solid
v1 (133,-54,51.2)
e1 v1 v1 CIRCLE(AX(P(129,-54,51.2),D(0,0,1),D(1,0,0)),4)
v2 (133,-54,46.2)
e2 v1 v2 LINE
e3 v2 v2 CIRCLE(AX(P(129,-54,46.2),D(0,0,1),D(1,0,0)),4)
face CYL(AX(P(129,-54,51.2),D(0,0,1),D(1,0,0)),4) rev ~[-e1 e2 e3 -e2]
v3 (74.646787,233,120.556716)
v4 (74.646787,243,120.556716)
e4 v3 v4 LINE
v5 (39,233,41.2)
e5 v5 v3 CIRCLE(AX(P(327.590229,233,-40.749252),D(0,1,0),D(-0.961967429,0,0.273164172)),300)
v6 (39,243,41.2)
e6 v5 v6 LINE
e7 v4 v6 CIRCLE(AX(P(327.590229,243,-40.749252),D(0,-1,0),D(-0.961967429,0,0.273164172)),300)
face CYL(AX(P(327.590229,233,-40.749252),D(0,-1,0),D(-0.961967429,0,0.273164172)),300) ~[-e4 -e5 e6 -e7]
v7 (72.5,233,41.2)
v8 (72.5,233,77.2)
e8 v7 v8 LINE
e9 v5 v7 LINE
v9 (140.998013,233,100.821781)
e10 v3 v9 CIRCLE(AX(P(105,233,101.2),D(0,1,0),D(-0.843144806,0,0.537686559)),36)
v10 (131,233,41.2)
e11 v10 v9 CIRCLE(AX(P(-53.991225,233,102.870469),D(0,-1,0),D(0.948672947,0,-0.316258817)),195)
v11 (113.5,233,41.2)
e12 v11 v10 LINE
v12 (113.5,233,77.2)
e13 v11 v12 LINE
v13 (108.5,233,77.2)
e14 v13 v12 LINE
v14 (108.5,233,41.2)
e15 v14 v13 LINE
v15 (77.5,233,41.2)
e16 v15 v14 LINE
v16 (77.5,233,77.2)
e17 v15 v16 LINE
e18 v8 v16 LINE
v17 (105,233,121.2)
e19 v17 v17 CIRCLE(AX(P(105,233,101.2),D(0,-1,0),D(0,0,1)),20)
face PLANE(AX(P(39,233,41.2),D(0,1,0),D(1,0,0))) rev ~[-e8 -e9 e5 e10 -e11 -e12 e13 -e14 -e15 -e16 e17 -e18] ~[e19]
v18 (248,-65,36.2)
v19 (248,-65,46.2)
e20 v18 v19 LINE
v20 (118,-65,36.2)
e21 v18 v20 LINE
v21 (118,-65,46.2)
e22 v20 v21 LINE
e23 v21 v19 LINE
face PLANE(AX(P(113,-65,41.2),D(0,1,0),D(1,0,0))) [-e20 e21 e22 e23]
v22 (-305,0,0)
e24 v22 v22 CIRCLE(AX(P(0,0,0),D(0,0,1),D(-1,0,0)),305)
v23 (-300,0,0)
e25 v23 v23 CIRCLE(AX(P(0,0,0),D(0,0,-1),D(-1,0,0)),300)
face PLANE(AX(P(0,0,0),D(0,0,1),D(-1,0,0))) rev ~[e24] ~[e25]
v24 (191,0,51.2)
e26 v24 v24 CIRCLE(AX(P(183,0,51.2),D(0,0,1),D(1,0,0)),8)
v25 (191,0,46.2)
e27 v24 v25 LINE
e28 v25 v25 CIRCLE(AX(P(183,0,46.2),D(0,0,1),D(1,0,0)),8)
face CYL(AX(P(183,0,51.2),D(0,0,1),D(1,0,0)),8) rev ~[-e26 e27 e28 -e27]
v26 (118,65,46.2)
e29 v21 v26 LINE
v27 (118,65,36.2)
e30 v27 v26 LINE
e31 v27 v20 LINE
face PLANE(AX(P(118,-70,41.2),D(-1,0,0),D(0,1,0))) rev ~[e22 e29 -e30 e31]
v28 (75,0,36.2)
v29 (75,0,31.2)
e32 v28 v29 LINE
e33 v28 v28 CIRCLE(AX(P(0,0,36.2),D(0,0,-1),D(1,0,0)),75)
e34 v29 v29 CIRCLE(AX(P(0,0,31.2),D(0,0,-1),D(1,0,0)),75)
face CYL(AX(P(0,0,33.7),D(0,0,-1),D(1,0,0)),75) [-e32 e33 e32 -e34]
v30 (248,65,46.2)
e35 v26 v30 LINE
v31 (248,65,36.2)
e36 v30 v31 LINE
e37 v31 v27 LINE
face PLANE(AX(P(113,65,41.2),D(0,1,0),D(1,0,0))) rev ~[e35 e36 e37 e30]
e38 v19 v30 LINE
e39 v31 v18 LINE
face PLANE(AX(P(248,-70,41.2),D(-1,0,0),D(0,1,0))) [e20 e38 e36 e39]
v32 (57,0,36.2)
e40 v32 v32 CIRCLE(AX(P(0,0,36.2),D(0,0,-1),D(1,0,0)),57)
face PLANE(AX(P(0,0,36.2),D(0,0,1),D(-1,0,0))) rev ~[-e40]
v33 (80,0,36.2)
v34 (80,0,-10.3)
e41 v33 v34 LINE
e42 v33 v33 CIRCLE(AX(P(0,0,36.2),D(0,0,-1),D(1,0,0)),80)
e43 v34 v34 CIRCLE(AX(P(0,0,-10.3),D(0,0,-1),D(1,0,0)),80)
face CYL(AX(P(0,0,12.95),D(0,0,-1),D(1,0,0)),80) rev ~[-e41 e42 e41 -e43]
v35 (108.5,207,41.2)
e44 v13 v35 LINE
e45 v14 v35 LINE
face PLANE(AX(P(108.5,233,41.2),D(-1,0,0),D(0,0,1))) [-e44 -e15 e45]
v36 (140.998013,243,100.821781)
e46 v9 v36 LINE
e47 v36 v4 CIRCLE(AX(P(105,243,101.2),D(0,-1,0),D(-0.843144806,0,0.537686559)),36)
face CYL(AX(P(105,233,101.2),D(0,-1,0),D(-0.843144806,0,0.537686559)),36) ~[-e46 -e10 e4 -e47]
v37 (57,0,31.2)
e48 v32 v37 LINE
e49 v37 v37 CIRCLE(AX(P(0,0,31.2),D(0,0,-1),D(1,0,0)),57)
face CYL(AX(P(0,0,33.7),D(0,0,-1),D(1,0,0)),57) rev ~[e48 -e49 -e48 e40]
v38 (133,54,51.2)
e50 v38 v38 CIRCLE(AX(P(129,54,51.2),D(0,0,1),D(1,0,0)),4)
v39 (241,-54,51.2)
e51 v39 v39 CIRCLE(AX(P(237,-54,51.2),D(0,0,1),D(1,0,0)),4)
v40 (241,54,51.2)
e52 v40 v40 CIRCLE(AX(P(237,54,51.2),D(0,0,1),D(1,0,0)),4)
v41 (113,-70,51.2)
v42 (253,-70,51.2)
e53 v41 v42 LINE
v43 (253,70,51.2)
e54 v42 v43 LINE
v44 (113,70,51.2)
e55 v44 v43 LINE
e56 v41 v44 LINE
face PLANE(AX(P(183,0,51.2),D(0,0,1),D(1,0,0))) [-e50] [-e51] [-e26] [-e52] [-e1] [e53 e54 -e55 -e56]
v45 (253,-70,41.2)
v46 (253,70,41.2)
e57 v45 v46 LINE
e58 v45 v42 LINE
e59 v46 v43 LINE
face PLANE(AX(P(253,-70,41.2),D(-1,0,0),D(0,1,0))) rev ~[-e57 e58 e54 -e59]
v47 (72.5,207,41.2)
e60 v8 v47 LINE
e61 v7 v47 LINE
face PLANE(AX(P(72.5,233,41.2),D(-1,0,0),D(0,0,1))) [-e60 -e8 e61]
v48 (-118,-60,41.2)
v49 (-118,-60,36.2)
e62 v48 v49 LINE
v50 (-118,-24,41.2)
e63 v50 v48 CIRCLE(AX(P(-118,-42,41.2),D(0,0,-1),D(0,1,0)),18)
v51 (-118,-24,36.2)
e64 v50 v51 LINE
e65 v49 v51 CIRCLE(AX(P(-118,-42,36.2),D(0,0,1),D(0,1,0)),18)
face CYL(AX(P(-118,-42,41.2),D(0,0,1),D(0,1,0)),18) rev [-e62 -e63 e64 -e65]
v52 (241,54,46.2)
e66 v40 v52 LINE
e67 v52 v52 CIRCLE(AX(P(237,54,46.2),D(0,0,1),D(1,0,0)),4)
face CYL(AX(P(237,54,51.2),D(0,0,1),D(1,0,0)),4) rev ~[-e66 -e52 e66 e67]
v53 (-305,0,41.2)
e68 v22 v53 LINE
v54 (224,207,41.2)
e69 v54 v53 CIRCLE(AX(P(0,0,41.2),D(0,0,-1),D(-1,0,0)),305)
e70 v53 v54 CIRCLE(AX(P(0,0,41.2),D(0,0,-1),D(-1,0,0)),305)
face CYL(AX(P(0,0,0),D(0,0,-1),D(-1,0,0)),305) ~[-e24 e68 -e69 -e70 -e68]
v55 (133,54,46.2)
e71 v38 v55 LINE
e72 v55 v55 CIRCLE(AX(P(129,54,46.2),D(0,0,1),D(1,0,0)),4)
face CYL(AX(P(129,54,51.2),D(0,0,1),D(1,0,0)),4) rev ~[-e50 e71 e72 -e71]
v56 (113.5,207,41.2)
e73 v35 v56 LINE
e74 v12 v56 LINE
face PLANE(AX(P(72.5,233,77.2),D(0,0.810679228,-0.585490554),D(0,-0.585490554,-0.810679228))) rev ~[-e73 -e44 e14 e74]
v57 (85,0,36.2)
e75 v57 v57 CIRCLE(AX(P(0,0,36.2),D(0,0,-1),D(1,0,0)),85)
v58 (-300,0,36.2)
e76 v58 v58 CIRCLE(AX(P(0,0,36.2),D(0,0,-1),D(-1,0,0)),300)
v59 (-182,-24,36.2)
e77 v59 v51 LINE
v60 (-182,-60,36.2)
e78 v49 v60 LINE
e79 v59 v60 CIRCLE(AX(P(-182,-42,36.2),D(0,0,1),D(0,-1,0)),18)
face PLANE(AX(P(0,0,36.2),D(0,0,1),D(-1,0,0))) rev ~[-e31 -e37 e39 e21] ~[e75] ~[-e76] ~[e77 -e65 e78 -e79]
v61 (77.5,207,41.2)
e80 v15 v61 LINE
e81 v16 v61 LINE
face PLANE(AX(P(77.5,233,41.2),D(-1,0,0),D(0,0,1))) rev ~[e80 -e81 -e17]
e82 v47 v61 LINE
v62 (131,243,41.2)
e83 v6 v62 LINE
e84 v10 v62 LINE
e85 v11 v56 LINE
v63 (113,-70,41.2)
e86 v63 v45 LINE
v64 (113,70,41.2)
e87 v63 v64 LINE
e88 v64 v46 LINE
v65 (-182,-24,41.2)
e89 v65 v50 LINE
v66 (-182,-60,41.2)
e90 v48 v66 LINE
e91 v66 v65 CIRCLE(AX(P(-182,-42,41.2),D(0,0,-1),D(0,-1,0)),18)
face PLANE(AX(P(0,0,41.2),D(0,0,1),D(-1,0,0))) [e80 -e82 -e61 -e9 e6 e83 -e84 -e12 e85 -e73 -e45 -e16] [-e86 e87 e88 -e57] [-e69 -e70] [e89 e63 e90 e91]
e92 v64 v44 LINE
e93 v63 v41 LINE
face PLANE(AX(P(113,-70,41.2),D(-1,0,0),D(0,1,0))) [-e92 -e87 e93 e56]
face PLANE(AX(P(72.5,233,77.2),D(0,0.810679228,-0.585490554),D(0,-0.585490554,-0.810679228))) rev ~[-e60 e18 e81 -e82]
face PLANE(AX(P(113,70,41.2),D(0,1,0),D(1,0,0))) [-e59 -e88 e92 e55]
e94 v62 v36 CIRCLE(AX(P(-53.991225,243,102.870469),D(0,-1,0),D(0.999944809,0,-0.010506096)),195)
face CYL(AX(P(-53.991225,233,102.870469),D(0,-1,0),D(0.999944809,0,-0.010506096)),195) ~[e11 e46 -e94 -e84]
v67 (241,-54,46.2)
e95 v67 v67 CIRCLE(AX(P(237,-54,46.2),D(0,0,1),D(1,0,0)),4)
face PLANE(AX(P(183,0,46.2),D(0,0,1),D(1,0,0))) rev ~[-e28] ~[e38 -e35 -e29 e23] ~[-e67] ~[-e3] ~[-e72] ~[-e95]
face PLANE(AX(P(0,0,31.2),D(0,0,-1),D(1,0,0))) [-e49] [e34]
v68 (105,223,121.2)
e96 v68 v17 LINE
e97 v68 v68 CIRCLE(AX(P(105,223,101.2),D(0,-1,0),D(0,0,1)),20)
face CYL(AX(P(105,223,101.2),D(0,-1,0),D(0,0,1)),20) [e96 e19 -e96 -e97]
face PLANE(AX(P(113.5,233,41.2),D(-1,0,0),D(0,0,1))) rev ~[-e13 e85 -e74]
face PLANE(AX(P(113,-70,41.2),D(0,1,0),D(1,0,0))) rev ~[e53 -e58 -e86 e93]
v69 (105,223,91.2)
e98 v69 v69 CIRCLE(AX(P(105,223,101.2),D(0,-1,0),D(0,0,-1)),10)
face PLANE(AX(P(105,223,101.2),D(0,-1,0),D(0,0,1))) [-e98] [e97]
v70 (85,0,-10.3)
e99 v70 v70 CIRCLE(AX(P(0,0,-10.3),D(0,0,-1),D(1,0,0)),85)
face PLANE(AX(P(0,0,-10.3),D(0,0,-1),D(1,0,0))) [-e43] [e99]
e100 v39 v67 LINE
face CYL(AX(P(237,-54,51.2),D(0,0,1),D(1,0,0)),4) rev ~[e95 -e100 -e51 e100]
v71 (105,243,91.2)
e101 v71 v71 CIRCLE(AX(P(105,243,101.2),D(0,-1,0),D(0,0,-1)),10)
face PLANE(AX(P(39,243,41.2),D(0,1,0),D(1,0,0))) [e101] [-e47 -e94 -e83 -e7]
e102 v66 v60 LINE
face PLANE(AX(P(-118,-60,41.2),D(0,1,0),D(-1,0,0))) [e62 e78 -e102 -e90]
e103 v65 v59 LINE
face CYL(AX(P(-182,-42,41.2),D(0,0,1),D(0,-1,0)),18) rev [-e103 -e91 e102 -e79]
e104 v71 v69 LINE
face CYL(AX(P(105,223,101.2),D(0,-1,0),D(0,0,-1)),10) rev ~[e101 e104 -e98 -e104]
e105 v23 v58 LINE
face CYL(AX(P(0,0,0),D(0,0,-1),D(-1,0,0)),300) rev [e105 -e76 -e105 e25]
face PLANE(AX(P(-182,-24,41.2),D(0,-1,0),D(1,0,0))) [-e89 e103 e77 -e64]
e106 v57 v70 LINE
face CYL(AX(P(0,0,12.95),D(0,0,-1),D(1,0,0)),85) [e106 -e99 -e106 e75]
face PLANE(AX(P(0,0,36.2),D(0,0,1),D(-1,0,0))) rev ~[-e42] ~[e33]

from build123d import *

# Parameters (mm, degrees)
SKETCH_1_R          = 305
EXTRUDE_1_DEPTH     = 41.2
SKETCH_2_W          = 140
SKETCH_2_H          = 140
EXTRUDE_2_DEPTH     = 10
SHELL_1_T           = -5
CUT_EXTRUDE_1_DEPTH = 10
SKETCH_4_W          = 120
SKETCH_4_H          = 10
EXTRUDE_3_DEPTH     = 150
CUT_EXTRUDE_2_DEPTH = 648.322516216
SKETCH_7_R          = 10
CUT_EXTRUDE_3_DEPTH = 150
EXTRUDE_START       = 10
SKETCH_8_R          = 20
SKETCH_8_R_2        = 10
EXTRUDE_4_DEPTH     = 10
SKETCH_9_W          = 5
SKETCH_9_H          = 36
EXTRUDE_5_DEPTH     = 26
CUT_EXTRUDE_4_DEPTH = 505.336286618
SKETCH_11_W         = 18
SKETCH_11_H         = 5
SKETCH_11_W_2       = 5
SKETCH_11_H_2       = 46.5
SKETCH_12_R         = 4
SKETCH_12_R_2       = 8
CUT_EXTRUDE_5_DEPTH = 26


with BuildPart() as part:
    # 草图1 → 凸台-拉伸1 (new body)
    with BuildSketch(Plane.XY):
        with Locations(Location((0, 0, 0), (0, 0, 180))):
            Circle(SKETCH_1_R)
    extrude(amount=EXTRUDE_1_DEPTH)

    # 草图2 → 凸台-拉伸2 (add)
    with BuildSketch(Plane.XY.offset(41.2)):
        with Locations((183, 0)):
            Rectangle(SKETCH_2_W, SKETCH_2_H)
    extrude(amount=EXTRUDE_2_DEPTH)

    # 抽壳1
    shell_1_openings = [part.faces().sort_by_distance(p)[0] for p in [
        (0, 0, 0),
    ]]
    offset(amount=SHELL_1_T, openings=shell_1_openings, kind=Kind.INTERSECTION)

    # 草图3 → 切除-拉伸1 (cut)
    with BuildSketch(Plane.XY.offset(41.2)):
        with BuildLine():
            Line((-182, -24), (-118, -24))
            ThreePointArc((-118, -24), (-100, -42), (-118, -60))
            Line((-118, -60), (-182, -60))
            ThreePointArc((-182, -60), (-200, -42), (-182, -24))
        make_face()
    extrude(amount=-CUT_EXTRUDE_1_DEPTH, mode=Mode.SUBTRACT)

    # 草图4 → 凸台-拉伸3 (add)
    with BuildSketch(Plane.XY.offset(41.2)):
        with Locations((99, 238)):
            Rectangle(SKETCH_4_W, SKETCH_4_H)
    extrude(amount=EXTRUDE_3_DEPTH)

    # 草图6 → 切除-拉伸2 (cut, through all)
    with BuildSketch(Plane.XZ.offset(-233)):
        with BuildLine():
            Line((39, 191.2), (39, 41.2))
            ThreePointArc((39, 41.2), (53.931588882, 82.177347592), (74.646786984, 120.556716136))
            ThreePointArc((74.646786984, 120.556716136), (115.26317996, 135.706044936), (140.99801314, 100.821780537))
            ThreePointArc((140.99801314, 100.821780537), (138.32356193, 70.621084147), (131, 41.2))
            Line((131, 41.2), (159, 41.2))
            Line((159, 41.2), (159, 191.2))
            Line((159, 191.2), (39, 191.2))
        make_face()
    extrude(amount=-CUT_EXTRUDE_2_DEPTH, mode=Mode.SUBTRACT)

    # 草图7 → 切除-拉伸3 (cut)
    with BuildSketch(Plane.XZ.offset(-233)):
        with Locations(Location((105, 101.2, 0), (0, 0, 270))):
            Circle(SKETCH_7_R)
    extrude(amount=-CUT_EXTRUDE_3_DEPTH, mode=Mode.SUBTRACT)

    # 草图8 → 凸台-拉伸4 (add)
    with BuildSketch(Plane.XZ.offset(-233).offset(EXTRUDE_START)):
        with Locations(Location((105, 101.2, 0), (0, 0, 90))):
            Circle(SKETCH_8_R)
        with Locations(Location((105, 101.2, 0), (0, 0, 270))):
            Circle(SKETCH_8_R_2, mode=Mode.SUBTRACT)
    extrude(amount=-EXTRUDE_4_DEPTH)

    # 草图9 → 凸台-拉伸5 (add)
    with BuildSketch(Plane.XZ.offset(-233)):
        with Locations((75, 59.2)):
            Rectangle(SKETCH_9_W, SKETCH_9_H)
        with Locations((111, 59.2)):
            Rectangle(SKETCH_9_W, SKETCH_9_H)
    extrude(amount=EXTRUDE_5_DEPTH)

    # 草图10 → 切除-拉伸4 (cut, through all)
    with BuildSketch(Plane.ZY.offset(-72.5)):
        Polygon((77.2, 233), (41.2, 207), (77.2, 207), align=None)
    extrude(amount=-CUT_EXTRUDE_4_DEPTH, mode=Mode.SUBTRACT)

    # 草图11 → 旋转1 (revolve)
    with BuildSketch(Plane(origin=(0, 0, 0), x_dir=(1, 0, 0), z_dir=(0, 1, 0)), mode=Mode.PRIVATE) as revolve_1_sk:
        with Locations((-66, -33.7)):
            Rectangle(SKETCH_11_W, SKETCH_11_H)
        with Locations((-82.5, -12.95)):
            Rectangle(SKETCH_11_W_2, SKETCH_11_H_2)
    revolve(revolve_1_sk.sketch.rotate(Axis((0, 0, 0), (0, 0, -1)), 180), axis=Axis((0, 0, 0), (0, 0, -1)))

    # 草图12 → 切除-拉伸5 (cut)
    with BuildSketch(Plane.XY.offset(51.2)):
        with Locations((237, 54)):
            Circle(SKETCH_12_R)
        with Locations((237, -54)):
            Circle(SKETCH_12_R)
        with Locations((129, -54)):
            Circle(SKETCH_12_R)
        with Locations((129, 54)):
            Circle(SKETCH_12_R)
        with Locations((183, 0)):
            Circle(SKETCH_12_R_2)
    extrude(amount=-CUT_EXTRUDE_5_DEPTH, mode=Mode.SUBTRACT)


solid = part.part
